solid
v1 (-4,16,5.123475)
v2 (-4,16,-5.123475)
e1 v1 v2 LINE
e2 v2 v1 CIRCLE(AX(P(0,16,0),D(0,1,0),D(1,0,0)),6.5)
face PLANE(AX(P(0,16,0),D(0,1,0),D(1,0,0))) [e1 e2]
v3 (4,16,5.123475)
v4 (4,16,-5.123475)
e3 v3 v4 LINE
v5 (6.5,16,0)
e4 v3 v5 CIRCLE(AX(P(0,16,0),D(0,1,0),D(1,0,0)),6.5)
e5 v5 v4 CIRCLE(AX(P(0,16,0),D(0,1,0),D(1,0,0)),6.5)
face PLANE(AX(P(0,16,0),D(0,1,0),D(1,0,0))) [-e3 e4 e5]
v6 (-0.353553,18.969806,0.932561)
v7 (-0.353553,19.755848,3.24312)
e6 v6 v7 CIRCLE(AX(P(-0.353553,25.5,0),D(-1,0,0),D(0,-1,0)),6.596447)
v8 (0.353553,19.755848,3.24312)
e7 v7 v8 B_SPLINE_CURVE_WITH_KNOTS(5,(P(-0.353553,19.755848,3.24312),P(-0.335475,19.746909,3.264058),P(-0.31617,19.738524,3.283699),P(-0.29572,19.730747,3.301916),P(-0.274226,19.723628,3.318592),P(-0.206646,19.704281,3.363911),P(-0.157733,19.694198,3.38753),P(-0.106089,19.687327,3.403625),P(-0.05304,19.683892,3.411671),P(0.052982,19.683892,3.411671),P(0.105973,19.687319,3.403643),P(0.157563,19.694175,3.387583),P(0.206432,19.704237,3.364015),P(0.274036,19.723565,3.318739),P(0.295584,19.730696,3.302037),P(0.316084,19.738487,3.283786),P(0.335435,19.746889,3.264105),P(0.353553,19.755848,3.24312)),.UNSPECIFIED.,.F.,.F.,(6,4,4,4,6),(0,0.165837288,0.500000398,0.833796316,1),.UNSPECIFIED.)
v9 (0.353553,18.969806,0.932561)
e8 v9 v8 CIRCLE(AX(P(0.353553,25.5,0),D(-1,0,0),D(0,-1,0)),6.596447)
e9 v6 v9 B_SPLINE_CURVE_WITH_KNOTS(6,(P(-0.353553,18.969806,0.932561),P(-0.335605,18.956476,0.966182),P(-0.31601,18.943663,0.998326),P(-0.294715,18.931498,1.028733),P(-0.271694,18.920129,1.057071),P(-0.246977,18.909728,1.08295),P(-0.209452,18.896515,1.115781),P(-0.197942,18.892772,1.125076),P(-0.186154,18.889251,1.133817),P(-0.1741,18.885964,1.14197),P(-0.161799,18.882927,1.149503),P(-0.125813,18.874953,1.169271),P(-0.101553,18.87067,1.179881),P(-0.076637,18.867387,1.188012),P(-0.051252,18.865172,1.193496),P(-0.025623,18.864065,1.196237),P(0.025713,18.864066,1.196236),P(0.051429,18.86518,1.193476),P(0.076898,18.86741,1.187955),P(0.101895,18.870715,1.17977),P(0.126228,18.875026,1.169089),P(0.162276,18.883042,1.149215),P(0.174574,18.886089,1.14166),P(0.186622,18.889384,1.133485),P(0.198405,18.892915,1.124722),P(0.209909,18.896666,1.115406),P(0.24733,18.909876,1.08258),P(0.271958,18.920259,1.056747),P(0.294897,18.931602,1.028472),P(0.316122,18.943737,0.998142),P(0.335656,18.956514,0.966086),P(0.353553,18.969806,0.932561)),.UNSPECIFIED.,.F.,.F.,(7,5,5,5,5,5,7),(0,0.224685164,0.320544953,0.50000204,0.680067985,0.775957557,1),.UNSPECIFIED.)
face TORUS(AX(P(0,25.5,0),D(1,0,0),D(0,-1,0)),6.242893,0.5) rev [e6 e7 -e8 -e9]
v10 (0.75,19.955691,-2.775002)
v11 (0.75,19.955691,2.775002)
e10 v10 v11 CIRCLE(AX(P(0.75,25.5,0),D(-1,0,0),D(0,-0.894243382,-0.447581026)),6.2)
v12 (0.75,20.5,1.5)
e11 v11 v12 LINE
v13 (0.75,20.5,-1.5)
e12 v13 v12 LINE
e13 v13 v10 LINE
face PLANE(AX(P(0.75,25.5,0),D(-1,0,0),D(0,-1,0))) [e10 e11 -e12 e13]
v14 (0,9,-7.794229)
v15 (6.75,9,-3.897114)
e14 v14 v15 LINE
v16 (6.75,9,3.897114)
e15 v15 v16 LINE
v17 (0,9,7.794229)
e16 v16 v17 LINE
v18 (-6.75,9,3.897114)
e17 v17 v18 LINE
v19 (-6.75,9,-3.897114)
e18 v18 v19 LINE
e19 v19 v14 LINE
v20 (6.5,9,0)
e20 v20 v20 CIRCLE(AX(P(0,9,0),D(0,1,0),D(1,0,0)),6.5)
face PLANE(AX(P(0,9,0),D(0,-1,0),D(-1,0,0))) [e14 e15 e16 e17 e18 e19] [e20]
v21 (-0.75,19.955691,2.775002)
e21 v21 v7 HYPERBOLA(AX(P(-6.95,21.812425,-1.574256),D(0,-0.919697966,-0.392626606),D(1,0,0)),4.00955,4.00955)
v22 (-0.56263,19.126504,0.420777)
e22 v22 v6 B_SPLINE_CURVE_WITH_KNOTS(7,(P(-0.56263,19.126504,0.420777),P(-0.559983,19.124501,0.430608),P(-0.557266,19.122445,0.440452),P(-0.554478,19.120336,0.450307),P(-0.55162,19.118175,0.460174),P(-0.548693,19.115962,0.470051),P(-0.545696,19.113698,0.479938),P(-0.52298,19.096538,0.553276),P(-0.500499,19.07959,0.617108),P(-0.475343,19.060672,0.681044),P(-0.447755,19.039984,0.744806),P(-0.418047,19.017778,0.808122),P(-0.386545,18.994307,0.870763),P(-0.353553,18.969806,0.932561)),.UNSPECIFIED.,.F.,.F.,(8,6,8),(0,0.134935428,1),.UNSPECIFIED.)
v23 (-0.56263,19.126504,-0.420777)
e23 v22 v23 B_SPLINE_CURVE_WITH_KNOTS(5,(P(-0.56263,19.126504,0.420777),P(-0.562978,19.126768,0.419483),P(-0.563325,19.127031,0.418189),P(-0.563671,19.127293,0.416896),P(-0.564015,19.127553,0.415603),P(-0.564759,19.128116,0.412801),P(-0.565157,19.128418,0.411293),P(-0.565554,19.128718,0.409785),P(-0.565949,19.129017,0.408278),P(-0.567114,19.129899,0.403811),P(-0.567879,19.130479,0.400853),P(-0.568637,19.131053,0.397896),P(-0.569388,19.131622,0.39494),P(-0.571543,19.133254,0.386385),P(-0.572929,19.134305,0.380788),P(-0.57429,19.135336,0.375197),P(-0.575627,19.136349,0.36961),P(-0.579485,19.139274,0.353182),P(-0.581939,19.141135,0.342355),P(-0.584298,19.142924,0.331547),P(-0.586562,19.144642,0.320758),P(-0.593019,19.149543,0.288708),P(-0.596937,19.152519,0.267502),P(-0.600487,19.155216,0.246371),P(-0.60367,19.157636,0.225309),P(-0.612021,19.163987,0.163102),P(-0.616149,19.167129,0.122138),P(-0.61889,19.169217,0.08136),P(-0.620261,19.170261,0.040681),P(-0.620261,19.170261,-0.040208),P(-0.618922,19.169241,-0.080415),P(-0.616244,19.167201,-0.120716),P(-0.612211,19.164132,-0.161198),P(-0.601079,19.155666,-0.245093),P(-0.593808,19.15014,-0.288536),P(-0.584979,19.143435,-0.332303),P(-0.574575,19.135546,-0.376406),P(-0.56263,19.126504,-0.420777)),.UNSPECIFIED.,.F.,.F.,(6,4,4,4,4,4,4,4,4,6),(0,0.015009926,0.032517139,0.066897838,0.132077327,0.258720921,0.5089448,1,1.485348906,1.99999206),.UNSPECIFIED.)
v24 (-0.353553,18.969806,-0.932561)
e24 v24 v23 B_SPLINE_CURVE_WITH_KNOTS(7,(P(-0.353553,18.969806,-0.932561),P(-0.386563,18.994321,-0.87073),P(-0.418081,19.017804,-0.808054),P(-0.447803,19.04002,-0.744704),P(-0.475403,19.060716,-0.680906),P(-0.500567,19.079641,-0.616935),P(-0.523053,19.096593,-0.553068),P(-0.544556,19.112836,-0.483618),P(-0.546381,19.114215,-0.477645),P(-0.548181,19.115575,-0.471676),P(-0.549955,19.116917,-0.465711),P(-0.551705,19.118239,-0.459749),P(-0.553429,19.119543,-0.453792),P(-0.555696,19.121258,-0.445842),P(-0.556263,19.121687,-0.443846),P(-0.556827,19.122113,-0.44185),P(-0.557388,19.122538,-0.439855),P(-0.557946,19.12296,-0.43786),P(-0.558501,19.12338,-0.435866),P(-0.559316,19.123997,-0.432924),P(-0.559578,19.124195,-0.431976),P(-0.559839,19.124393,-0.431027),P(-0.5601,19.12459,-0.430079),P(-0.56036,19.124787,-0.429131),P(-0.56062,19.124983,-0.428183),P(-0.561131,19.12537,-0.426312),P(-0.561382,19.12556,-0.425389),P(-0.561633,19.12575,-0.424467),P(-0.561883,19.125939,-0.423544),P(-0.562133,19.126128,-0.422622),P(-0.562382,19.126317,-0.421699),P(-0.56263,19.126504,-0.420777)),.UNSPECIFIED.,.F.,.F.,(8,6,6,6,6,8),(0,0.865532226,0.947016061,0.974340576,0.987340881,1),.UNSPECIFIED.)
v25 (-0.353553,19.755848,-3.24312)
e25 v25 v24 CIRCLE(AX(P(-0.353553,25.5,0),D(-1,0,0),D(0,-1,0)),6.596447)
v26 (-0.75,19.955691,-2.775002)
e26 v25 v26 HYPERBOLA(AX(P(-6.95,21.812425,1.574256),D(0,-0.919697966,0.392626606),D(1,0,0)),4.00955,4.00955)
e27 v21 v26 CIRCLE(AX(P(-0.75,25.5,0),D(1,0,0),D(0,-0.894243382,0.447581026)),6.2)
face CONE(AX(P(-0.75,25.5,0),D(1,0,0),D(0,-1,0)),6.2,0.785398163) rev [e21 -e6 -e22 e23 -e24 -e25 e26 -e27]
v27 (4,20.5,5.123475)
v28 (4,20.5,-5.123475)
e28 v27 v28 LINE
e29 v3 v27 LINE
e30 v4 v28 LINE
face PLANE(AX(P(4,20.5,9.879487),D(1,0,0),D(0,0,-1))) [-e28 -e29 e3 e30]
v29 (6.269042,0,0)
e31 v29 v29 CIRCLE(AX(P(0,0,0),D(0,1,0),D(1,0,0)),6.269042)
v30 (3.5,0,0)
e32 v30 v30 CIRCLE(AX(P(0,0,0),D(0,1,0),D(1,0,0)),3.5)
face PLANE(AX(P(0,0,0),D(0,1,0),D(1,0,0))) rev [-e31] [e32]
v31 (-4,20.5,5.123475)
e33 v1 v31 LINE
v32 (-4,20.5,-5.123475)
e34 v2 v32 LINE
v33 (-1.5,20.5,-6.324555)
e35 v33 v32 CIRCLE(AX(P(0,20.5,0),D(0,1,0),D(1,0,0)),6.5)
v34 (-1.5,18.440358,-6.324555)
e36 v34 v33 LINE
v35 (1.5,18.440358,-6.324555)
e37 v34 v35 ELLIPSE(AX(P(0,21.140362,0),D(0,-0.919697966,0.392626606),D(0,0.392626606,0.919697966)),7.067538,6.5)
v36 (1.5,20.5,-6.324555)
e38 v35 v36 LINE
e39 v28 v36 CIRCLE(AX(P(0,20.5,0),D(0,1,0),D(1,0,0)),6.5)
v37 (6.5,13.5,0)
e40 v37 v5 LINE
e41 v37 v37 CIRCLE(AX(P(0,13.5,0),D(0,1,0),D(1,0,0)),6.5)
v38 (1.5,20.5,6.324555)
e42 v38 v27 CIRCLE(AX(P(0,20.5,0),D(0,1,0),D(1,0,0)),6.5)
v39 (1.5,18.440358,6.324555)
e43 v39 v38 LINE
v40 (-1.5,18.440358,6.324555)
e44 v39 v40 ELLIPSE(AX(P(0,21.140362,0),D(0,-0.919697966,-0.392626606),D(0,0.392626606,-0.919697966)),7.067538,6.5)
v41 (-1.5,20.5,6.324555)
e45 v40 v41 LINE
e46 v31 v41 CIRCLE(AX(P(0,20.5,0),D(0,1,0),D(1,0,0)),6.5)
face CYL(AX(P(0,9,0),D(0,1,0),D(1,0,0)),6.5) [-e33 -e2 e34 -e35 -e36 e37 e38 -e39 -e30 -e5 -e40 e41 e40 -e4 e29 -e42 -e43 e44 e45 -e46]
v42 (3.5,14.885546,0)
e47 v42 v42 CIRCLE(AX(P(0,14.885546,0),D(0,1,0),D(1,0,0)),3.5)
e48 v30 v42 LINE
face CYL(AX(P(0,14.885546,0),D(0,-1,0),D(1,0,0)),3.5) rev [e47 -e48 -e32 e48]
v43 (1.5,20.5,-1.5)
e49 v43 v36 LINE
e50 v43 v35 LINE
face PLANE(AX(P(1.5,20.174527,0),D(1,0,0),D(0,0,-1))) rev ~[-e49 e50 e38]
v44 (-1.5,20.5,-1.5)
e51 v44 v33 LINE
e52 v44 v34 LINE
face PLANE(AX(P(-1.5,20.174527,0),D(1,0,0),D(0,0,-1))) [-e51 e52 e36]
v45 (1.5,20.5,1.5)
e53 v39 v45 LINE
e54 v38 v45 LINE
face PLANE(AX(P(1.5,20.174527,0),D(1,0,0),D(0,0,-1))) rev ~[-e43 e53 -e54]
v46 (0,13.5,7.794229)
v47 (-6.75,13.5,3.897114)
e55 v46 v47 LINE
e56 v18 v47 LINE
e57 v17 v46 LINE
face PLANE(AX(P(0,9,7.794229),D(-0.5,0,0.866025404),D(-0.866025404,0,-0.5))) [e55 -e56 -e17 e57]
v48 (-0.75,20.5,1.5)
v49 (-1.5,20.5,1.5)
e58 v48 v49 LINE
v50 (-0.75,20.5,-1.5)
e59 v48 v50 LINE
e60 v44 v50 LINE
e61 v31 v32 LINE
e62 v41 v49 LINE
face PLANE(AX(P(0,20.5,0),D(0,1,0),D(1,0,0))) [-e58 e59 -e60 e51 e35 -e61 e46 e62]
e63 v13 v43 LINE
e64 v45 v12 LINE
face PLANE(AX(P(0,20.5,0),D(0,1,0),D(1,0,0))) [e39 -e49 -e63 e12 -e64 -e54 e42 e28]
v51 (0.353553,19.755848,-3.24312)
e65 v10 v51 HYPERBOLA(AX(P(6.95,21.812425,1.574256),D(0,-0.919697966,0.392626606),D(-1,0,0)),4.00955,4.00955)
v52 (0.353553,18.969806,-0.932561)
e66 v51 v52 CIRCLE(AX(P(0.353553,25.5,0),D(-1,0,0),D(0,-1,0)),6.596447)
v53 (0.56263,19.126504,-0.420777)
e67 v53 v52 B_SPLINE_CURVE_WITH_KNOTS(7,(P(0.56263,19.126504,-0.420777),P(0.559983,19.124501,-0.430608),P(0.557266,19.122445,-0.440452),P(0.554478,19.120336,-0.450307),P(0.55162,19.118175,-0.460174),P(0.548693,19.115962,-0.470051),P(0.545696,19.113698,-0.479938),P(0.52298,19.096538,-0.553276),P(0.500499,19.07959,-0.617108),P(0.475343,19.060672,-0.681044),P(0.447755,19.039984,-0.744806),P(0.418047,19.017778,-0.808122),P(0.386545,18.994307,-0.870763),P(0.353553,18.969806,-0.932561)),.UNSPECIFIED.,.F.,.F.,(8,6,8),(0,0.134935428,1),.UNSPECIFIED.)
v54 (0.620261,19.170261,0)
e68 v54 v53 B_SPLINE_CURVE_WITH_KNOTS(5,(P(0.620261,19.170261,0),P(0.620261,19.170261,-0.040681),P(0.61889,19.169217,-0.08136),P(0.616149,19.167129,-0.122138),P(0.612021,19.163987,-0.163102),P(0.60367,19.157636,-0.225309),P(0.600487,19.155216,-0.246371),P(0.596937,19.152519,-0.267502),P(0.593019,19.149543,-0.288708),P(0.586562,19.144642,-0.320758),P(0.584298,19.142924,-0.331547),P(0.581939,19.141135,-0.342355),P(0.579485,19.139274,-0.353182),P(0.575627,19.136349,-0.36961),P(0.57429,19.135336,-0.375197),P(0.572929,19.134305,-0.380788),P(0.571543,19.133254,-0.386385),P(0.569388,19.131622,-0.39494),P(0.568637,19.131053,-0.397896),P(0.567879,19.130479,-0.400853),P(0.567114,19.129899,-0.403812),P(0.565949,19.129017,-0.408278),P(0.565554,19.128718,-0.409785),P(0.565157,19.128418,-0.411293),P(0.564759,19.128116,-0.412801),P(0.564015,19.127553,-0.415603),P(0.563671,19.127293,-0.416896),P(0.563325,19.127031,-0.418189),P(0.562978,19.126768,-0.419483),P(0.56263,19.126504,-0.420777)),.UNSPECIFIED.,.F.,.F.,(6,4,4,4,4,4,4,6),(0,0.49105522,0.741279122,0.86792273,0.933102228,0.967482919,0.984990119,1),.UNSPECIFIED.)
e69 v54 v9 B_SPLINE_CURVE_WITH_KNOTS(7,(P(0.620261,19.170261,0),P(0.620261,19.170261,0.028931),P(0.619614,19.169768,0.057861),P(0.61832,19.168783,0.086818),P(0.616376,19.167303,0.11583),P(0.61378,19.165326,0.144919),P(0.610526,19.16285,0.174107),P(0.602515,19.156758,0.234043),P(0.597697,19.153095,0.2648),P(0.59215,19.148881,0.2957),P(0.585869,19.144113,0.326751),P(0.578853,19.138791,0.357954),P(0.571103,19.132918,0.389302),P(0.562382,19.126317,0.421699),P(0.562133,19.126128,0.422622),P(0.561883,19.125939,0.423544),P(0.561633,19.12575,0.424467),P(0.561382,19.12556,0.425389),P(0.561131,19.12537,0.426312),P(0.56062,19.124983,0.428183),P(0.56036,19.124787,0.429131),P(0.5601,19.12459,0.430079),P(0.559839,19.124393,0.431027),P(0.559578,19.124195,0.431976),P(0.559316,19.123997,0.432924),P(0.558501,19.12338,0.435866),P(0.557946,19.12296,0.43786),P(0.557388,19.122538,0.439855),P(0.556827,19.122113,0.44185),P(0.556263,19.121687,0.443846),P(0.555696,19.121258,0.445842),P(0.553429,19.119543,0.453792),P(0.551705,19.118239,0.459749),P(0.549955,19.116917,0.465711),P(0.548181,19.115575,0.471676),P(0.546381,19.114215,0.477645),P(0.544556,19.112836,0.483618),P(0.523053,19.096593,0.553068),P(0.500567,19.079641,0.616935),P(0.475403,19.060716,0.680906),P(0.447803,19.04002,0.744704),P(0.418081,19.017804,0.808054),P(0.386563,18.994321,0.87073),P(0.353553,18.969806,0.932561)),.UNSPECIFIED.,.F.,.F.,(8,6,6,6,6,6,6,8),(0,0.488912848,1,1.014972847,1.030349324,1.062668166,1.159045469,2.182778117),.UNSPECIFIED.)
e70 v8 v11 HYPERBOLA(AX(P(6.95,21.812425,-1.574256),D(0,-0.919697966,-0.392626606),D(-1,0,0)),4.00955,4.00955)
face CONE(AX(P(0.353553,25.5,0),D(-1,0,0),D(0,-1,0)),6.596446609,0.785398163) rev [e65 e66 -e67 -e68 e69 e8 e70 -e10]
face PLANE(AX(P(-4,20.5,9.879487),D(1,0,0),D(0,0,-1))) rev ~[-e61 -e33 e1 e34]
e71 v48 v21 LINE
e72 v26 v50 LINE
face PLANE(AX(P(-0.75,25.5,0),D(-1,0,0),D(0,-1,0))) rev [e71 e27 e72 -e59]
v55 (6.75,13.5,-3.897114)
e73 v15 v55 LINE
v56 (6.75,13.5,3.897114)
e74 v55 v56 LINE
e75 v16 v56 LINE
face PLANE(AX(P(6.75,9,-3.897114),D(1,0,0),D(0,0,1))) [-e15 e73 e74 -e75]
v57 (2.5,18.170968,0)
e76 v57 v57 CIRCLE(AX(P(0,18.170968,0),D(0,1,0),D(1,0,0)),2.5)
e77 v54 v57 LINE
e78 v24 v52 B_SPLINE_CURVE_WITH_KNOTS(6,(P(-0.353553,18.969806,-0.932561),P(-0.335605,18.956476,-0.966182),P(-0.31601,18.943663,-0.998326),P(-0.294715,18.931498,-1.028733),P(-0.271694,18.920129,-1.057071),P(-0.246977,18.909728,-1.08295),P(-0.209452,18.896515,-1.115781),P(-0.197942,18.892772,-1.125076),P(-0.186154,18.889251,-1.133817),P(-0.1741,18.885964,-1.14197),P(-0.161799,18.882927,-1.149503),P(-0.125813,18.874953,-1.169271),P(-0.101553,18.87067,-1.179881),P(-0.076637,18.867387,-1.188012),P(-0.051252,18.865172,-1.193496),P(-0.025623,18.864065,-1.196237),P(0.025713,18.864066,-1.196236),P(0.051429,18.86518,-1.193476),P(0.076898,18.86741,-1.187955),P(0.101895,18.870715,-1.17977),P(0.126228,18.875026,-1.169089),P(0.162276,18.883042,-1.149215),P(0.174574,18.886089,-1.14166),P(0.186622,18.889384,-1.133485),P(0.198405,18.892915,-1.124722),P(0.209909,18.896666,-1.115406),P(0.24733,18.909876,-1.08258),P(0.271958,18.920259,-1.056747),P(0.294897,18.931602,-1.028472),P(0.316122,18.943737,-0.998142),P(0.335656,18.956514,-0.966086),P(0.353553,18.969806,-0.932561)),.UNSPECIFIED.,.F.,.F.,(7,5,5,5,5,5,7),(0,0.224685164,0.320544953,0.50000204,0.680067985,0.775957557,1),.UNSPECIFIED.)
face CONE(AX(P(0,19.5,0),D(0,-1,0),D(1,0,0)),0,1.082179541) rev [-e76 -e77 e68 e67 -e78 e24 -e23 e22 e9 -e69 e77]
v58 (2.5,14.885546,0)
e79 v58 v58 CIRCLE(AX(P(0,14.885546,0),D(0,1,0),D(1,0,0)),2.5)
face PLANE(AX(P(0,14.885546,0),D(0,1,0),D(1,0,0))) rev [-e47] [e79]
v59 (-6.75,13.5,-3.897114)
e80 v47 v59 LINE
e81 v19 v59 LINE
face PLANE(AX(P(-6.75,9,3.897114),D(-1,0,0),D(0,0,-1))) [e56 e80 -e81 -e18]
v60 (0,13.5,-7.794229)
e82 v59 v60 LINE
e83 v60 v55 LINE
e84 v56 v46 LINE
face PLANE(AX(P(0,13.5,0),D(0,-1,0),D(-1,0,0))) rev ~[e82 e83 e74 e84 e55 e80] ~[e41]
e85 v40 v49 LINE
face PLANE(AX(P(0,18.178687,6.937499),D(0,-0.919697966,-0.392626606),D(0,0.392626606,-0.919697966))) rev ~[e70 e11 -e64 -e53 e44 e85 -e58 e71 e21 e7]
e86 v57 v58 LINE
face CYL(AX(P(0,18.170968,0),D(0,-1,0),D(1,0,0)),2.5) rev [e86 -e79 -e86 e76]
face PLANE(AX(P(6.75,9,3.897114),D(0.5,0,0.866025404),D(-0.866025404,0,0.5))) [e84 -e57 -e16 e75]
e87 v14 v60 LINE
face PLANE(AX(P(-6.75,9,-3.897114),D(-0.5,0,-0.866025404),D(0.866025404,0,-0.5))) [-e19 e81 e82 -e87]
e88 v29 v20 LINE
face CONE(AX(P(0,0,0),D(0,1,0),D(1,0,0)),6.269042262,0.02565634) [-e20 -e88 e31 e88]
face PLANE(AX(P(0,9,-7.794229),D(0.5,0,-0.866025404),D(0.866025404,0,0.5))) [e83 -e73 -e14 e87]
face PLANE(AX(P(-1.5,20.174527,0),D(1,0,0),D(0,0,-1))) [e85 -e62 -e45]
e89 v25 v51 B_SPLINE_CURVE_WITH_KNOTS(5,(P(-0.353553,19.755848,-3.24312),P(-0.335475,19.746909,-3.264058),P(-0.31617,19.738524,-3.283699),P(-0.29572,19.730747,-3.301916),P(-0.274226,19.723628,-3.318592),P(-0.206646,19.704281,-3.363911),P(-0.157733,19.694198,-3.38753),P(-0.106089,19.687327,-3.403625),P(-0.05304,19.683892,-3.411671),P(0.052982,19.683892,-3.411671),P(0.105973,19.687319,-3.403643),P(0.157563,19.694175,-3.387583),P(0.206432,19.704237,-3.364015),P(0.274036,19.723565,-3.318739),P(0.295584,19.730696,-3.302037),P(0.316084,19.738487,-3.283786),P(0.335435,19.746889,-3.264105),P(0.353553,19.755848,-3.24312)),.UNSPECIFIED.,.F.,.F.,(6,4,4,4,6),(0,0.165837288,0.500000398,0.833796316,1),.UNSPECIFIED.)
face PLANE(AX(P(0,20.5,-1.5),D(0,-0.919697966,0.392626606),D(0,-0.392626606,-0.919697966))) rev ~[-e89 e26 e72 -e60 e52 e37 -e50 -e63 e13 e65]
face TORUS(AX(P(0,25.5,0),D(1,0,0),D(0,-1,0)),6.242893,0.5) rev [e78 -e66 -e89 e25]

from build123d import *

# Parameters (mm, degrees)
SKETCH2_R           = 3.5
BOSS_EXTRUDE1_DEPTH = 4.5
SKETCH3_OUTSIDE_W   = 21.316
SKETCH3_OUTSIDE_H   = 23.404
SKETCH3_OUTSIDE_W_2 = 8
SKETCH3_OUTSIDE_H_2 = 19.758973988
CUT_EXTRUDE1_DEPTH  = 4.5
CUT_EXTRUDE2_DEPTH  = 1.5


with BuildPart() as part:
    # Sketch1 → Revolve1 (revolve)
    with BuildSketch(Plane.XY, mode=Mode.PRIVATE) as revolve1_sk:
        Polygon((-3.5, 0), (-6.269042262, 0), (-6.5, 9), (-6.5, 20.5), (0, 20.5), (0, 19.5), (-2.5, 18.170968217), (-2.5, 14.885545964), (-3.5, 14.885545964), align=None)
    revolve(revolve1_sk.sketch.rotate(Axis((0, 0, 0), (0, 1, 0)), 180), axis=Axis((0, 0, 0), (0, 1, 0)))

    # Sketch2 → Boss-Extrude1 (add)
    with BuildSketch(Plane(origin=(0, 9, 0), x_dir=(-1, 0, 0), z_dir=(0, -1, 0))):
        Polygon((0, 7.794228634), (-6.75, 3.897114317), (-6.75, -3.897114317), (0, -7.794228634), (6.75, -3.897114317), (6.75, 3.897114317), align=None)
        with Locations(Location((0, 0, 0), (0, 0, 180))):
            Circle(SKETCH2_R, mode=Mode.SUBTRACT)
    extrude(amount=-BOSS_EXTRUDE1_DEPTH)

    # Sketch3 outside → Cut-Extrude1 (cut)
    with BuildSketch(Plane(origin=(0, 20.5, 0), x_dir=(1, 0, 0), z_dir=(0, 1, 0))):
        Rectangle(SKETCH3_OUTSIDE_W, SKETCH3_OUTSIDE_H)
        Rectangle(SKETCH3_OUTSIDE_W_2, SKETCH3_OUTSIDE_H_2, mode=Mode.SUBTRACT)
    extrude(amount=-CUT_EXTRUDE1_DEPTH, mode=Mode.SUBTRACT)

    # Sketch4 → Cut-Extrude2 (cut, symmetric)
    with BuildSketch(Plane(origin=(0, 0, 0), x_dir=(0, 0, -1), z_dir=(1, 0, 0))):
        Polygon((-1.5, 20.5), (1.5, 20.5), (6.937499451, 18.178686883), (6.937499451, 21.048014109), (-6.937499451, 21.048014109), (-6.937499451, 18.178686883), align=None)
    extrude(amount=CUT_EXTRUDE2_DEPTH, both=True, mode=Mode.SUBTRACT)

    # Sketch8 → Cut-Revolve2 (revolve, cut)
    with BuildSketch(Plane.XY):
        with BuildLine():
            Line((-0.75, 19.3), (-0.353553391, 18.903553391))
            ThreePointArc((-0.353553391, 18.903553391), (0, 18.757106781), (0.353553391, 18.903553391))
            Line((0.353553391, 18.903553391), (0.75, 19.3))
            Line((0.75, 19.3), (0.75, 25.5))
            Line((0.75, 25.5), (-0.75, 25.5))
            Line((-0.75, 25.5), (-0.75, 19.3))
        make_face()
    revolve(axis=Axis((0, 25.5, 0), (-1, 0, 0)), mode=Mode.SUBTRACT)


solid = part.part
